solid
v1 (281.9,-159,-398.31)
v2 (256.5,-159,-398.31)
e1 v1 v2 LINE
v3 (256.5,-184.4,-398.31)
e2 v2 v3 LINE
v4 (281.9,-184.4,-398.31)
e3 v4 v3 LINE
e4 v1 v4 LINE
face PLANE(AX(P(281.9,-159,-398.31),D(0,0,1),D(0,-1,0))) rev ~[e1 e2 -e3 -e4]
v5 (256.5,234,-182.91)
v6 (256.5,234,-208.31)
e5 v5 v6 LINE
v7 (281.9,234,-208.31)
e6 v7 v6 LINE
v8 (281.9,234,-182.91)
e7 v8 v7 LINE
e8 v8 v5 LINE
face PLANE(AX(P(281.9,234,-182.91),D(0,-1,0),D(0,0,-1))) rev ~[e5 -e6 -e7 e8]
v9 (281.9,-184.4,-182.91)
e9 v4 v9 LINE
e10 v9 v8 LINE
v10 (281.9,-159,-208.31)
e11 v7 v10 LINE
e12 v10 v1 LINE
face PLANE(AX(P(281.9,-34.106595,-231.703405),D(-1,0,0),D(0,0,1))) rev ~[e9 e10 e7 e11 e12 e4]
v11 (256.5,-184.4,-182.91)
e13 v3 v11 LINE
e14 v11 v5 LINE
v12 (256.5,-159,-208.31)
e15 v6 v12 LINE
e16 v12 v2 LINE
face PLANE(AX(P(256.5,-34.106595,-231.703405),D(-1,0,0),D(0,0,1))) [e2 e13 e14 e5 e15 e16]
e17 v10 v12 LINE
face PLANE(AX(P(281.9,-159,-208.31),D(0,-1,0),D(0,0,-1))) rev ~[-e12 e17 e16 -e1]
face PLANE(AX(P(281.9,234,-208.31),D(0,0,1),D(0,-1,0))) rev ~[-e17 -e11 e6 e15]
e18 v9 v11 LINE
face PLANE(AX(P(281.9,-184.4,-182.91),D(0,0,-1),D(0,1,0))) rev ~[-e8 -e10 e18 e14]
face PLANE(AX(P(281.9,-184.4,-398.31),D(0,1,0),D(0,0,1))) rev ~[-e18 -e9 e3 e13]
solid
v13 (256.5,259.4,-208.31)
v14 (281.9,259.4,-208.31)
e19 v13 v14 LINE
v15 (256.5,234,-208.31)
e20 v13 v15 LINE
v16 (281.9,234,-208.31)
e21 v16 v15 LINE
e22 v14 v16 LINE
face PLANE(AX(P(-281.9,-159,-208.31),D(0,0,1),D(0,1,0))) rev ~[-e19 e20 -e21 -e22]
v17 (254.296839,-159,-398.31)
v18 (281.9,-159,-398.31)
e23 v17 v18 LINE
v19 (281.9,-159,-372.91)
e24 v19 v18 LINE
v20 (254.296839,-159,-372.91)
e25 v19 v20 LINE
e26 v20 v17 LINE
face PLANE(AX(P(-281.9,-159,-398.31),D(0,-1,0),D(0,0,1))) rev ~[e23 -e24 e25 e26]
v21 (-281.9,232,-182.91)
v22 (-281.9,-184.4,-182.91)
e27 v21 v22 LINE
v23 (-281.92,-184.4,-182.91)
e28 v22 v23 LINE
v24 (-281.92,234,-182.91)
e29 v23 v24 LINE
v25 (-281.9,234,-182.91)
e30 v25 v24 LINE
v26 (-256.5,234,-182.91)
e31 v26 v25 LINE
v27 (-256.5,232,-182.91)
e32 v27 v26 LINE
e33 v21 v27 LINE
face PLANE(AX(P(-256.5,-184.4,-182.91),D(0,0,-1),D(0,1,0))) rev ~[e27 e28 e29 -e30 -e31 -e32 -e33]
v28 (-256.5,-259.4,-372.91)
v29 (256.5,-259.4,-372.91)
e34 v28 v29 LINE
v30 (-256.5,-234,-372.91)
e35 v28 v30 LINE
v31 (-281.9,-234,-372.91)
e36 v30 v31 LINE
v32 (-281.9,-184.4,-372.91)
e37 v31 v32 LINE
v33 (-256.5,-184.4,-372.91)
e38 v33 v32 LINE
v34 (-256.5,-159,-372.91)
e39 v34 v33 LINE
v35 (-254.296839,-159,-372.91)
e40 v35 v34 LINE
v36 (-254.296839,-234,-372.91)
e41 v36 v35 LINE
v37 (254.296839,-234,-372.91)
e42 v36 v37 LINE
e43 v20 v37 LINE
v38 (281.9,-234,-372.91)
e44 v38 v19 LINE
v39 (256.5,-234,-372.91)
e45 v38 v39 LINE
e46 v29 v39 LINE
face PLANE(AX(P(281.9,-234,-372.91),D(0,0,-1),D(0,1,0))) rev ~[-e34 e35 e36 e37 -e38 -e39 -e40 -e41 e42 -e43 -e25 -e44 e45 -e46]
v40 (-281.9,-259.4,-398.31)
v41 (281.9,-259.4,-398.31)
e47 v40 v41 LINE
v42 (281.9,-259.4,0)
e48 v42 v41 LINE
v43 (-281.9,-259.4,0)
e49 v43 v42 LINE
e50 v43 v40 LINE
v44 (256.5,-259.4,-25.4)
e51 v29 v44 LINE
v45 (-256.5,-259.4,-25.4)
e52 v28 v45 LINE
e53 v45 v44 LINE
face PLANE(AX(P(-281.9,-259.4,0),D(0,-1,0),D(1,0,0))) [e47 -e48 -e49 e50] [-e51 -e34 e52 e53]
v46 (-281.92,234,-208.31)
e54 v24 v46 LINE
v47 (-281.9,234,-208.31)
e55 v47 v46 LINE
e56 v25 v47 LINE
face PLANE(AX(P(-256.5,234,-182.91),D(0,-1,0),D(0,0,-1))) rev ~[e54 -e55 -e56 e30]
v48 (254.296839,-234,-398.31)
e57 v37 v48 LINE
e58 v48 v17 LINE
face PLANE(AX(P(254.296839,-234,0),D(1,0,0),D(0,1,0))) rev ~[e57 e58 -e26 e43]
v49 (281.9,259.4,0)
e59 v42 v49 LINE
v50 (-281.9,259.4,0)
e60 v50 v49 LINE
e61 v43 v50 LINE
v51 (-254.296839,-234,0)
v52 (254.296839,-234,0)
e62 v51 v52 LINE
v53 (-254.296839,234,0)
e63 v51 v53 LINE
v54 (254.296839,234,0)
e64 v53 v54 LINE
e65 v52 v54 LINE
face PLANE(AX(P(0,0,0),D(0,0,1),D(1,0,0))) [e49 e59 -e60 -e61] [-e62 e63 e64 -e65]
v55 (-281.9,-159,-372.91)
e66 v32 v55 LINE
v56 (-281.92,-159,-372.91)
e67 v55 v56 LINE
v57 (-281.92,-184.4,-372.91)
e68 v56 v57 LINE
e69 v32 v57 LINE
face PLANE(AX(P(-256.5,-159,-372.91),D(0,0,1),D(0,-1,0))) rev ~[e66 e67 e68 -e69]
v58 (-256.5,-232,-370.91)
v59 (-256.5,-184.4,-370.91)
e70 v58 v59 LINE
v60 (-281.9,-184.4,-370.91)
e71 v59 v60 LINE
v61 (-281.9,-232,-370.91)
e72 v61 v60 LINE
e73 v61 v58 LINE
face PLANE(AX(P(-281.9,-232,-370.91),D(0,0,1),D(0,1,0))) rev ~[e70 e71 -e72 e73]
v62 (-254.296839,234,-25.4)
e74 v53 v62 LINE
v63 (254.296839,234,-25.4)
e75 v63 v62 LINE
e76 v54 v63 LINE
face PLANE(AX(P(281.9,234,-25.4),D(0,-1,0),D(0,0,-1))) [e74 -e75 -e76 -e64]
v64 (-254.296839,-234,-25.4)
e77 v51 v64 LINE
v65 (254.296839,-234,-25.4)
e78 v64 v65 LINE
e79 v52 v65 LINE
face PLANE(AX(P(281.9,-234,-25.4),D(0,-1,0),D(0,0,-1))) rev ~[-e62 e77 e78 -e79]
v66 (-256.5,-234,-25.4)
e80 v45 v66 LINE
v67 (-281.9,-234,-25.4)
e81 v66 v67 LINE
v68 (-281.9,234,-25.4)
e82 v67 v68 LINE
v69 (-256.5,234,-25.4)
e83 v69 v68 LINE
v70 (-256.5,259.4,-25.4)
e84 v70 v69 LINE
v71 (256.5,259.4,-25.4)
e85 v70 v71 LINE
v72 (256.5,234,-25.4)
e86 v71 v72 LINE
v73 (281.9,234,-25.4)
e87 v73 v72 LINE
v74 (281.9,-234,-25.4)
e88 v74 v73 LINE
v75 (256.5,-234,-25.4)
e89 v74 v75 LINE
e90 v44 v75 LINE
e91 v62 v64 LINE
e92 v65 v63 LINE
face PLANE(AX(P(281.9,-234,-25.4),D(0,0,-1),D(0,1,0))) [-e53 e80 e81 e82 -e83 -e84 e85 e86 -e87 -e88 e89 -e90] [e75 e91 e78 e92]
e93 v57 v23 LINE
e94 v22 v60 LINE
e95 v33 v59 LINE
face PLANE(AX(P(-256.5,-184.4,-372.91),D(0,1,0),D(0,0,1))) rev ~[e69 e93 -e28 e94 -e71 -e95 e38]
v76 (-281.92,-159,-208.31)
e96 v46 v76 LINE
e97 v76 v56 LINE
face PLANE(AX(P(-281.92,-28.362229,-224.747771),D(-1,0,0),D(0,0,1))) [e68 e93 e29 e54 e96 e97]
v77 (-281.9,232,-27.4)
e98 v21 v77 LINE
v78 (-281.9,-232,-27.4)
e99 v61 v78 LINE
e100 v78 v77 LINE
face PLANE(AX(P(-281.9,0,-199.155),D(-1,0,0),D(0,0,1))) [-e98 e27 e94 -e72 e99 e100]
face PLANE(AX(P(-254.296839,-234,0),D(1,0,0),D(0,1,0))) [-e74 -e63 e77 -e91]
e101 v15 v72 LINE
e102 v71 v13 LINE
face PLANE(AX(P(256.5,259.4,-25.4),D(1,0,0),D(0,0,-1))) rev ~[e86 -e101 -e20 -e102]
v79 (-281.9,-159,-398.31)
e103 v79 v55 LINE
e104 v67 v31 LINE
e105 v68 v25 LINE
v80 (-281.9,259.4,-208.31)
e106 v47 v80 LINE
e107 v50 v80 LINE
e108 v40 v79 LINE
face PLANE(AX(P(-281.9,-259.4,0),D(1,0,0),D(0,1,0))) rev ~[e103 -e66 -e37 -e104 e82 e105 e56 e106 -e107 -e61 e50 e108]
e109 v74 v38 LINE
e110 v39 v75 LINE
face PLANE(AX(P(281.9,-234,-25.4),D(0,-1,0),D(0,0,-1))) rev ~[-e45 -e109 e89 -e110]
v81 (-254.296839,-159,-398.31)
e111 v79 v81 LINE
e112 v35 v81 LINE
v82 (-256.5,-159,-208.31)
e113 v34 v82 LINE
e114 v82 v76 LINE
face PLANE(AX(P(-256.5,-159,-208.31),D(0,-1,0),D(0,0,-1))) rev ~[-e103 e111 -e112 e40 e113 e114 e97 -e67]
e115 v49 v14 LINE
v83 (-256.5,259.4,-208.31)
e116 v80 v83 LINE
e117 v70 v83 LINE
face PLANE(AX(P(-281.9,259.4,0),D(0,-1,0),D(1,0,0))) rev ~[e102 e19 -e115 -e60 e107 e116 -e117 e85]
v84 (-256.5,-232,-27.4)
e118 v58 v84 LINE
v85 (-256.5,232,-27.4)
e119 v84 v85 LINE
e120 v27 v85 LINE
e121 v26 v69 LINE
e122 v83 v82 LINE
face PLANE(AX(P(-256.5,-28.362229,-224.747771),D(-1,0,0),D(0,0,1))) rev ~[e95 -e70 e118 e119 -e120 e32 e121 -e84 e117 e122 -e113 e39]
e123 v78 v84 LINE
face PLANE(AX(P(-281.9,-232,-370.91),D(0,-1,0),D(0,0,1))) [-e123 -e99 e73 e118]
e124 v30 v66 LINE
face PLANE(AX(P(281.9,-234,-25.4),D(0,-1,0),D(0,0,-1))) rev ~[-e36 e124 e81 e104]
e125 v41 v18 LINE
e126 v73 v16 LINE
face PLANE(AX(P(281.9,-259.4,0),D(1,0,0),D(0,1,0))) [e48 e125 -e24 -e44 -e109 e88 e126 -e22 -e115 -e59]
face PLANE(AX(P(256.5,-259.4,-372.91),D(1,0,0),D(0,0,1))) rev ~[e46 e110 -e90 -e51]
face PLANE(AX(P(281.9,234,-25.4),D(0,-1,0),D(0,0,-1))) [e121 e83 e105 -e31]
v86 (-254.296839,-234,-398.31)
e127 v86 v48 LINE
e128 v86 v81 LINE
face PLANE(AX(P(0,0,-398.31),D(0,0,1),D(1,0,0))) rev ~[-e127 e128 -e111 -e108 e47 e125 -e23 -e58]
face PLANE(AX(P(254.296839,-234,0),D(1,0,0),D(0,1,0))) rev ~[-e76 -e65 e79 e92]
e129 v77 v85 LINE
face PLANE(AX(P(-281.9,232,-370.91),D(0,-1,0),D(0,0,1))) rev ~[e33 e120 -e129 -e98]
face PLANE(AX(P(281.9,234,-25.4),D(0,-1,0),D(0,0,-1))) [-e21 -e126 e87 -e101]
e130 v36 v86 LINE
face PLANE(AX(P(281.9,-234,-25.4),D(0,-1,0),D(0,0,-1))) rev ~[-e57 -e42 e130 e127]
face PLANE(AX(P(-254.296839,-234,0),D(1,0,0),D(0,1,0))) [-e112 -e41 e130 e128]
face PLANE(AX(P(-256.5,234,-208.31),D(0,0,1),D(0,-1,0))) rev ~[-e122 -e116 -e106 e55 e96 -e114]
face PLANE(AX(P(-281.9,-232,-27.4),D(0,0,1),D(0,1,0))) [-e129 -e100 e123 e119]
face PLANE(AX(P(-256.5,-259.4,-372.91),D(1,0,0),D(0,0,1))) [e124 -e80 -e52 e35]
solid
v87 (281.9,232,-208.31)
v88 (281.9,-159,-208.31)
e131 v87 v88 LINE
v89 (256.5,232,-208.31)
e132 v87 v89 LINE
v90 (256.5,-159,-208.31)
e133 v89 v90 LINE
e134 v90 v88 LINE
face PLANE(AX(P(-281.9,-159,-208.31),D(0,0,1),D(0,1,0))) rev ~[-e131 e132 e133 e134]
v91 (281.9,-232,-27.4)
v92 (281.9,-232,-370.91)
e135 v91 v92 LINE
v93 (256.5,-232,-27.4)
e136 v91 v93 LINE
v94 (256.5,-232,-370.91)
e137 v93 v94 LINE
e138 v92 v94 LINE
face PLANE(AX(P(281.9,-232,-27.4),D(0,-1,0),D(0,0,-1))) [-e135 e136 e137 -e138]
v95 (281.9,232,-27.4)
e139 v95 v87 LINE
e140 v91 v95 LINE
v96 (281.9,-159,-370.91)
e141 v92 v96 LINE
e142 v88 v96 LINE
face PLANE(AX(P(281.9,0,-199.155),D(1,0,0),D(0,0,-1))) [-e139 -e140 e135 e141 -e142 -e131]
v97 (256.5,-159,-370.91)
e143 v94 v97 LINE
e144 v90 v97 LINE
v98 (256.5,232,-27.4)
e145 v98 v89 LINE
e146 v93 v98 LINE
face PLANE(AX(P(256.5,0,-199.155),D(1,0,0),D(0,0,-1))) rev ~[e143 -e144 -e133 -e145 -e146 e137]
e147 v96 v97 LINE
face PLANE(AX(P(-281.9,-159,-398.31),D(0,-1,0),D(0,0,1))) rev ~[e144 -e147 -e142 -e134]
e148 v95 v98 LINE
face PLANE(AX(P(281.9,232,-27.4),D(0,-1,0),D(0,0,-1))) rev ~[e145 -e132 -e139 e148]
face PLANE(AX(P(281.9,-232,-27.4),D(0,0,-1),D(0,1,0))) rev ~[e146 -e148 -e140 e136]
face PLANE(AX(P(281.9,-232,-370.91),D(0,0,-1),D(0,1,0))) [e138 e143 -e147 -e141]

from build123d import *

# Parameters (mm, degrees)
CROQUIS1_W                   = 563.8
CROQUIS1_H                   = 518.8
CROQUIS1_W_2                 = 508.593677718
CROQUIS1_H_2                 = 468
SALIENTE_EXTRUIR1_DEPTH      = 398.31
CORTAR_EXTRUIR1_REACH        = 739.435
CROQUIS2_W                   = 347.51
CROQUIS2_H                   = 468
CROQUIS3_W                   = 513
CROQUIS3_H                   = 347.51
CORTAR_EXTRUIR2_DEPTH        = 410
CROQUIS4_W                   = 513
CROQUIS4_H                   = 347.51
CORTAR_EXTRUIR3_DEPTH        = 40
CROQUIS5_W                   = 343.51
CROQUIS5_H                   = 464
SALIENTE_EXTRUIR2_DEPTH      = 25.4
CROQUIS6_W                   = 343.51
CROQUIS6_H                   = 464
SALIENTE_EXTRUIR3_DEPTH      = 25.4
CROQUIS7_W                   = 190
CROQUIS7_H                   = 418.4
CORTAR_EXTRUIR6_DEPTH        = 584
SALIENTE_EXTRUIR4_DEPTH      = 25.4
SALIENTE_EXTRUIR5_DEPTH      = 0.02
SALIENTE_EXTRUIR5_DEPTH_BACK = 25.4


with BuildPart() as part:
    # Croquis1 → Saliente-Extruir1 (new body)
    with BuildSketch(Plane.XY):
        Rectangle(CROQUIS1_W, CROQUIS1_H)
        Rectangle(CROQUIS1_W_2, CROQUIS1_H_2, mode=Mode.SUBTRACT)
    extrude(amount=-SALIENTE_EXTRUIR1_DEPTH)

    # Cortar-Extruir1: up to this face of the body (flat: up to its plane)
    cortar_extruir1_end = Plane(part.part.faces().sort_by_distance((-281.9, 0, -199.155))[0])
    # Croquis2 → Cortar-Extruir1 (cut, up to the picked face)
    with BuildSketch(Plane(origin=(281.9, 0, 0), x_dir=(0, 0, -1), z_dir=(1, 0, 0)), mode=Mode.PRIVATE) as cortar_extruir1_sk1:
        with Locations((199.155, 0)):
            Rectangle(CROQUIS2_W, CROQUIS2_H)
    cortar_extruir1_tool1 = split(extrude(cortar_extruir1_sk1.sketch, amount=-CORTAR_EXTRUIR1_REACH, mode=Mode.PRIVATE), bisect_by=cortar_extruir1_end, keep=Keep.BOTH, mode=Mode.PRIVATE)
    add(cortar_extruir1_tool1.solids().sort_by(Axis((281.9, 0, -199.155), (-1, 0, 0)))[0], mode=Mode.SUBTRACT)

    # Croquis3 → Cortar-Extruir2 (cut)
    with BuildSketch(Plane(origin=(0, 259.4, 0), x_dir=(1, 0, 0), z_dir=(0, 1, 0))):
        with Locations((0, 199.155)):
            Rectangle(CROQUIS3_W, CROQUIS3_H)
    extrude(amount=-CORTAR_EXTRUIR2_DEPTH, mode=Mode.SUBTRACT)

    # Croquis4 → Cortar-Extruir3 (cut)
    with BuildSketch(Plane.XZ.offset(259.4)):
        with Locations((0, -199.155)):
            Rectangle(CROQUIS4_W, CROQUIS4_H)
    extrude(amount=-CORTAR_EXTRUIR3_DEPTH, mode=Mode.SUBTRACT)


with BuildPart() as body_2:
    # Croquis5 → Saliente-Extruir2 (new body)
    with BuildSketch(Plane(origin=(281.9, 0, 0), x_dir=(0, 0, -1), z_dir=(1, 0, 0))):
        with Locations((199.155, 0)):
            Rectangle(CROQUIS5_W, CROQUIS5_H)
    extrude(amount=-SALIENTE_EXTRUIR2_DEPTH)


with BuildPart() as body_3:
    # Croquis6 → Saliente-Extruir3 (new body)
    with BuildSketch(Plane.ZY.offset(281.9)):
        with Locations((-199.155, 0)):
            Rectangle(CROQUIS6_W, CROQUIS6_H)
    extrude(amount=-SALIENTE_EXTRUIR3_DEPTH)


with BuildPart() as cortar_extruir6_tool:
    # Croquis7 → Cortar-Extruir6 (new body)
    with BuildSketch(Plane.ZY.offset(281.9)):
        with Locations((-303.31, 50.2)):
            Rectangle(CROQUIS7_W, CROQUIS7_H)
    extrude(amount=-CORTAR_EXTRUIR6_DEPTH)


with BuildPart() as part_1:
    add(part.part)

    # Cortar-Extruir6: cut by cortar_extruir6_tool
    add(cortar_extruir6_tool.part, mode=Mode.SUBTRACT)



with BuildPart() as body_2_1:
    add(body_2.part)

    # Cortar-Extruir6: cut by cortar_extruir6_tool
    add(cortar_extruir6_tool.part, mode=Mode.SUBTRACT)


with BuildPart() as body_3_1:
    add(body_3.part)

    # Cortar-Extruir6: cut by cortar_extruir6_tool
    add(cortar_extruir6_tool.part, mode=Mode.SUBTRACT)


with BuildPart() as body_4:
    # Croquis9 → Saliente-Extruir4 (new body)
    with BuildSketch(Plane(origin=(281.9, 0, 0), x_dir=(0, 0, -1), z_dir=(1, 0, 0))):
        Polygon((208.31, 234), (208.31, -159), (398.31, -159), (398.31, -184.4), (182.91, -184.4), (182.91, 234), align=None)
    extrude(amount=-SALIENTE_EXTRUIR4_DEPTH)


with BuildPart() as part_2:
    add(part_1.part)

    add(body_3_1.part)  # Saliente-Extruir5 merges body 3
    # Croquis10 → Saliente-Extruir5 (add, two sides: drawn at the far end of the back side and taken through both)
    with BuildSketch(Plane.ZY.offset(281.9).offset(-SALIENTE_EXTRUIR5_DEPTH_BACK)):
        Polygon((-182.91, 234), (-208.31, 234), (-208.31, -159), (-372.91, -159), (-372.91, -184.4), (-182.91, -184.4), align=None)
    extrude(amount=SALIENTE_EXTRUIR5_DEPTH + SALIENTE_EXTRUIR5_DEPTH_BACK)


solid = Compound([body_2_1.part, body_4.part, part_2.part])
